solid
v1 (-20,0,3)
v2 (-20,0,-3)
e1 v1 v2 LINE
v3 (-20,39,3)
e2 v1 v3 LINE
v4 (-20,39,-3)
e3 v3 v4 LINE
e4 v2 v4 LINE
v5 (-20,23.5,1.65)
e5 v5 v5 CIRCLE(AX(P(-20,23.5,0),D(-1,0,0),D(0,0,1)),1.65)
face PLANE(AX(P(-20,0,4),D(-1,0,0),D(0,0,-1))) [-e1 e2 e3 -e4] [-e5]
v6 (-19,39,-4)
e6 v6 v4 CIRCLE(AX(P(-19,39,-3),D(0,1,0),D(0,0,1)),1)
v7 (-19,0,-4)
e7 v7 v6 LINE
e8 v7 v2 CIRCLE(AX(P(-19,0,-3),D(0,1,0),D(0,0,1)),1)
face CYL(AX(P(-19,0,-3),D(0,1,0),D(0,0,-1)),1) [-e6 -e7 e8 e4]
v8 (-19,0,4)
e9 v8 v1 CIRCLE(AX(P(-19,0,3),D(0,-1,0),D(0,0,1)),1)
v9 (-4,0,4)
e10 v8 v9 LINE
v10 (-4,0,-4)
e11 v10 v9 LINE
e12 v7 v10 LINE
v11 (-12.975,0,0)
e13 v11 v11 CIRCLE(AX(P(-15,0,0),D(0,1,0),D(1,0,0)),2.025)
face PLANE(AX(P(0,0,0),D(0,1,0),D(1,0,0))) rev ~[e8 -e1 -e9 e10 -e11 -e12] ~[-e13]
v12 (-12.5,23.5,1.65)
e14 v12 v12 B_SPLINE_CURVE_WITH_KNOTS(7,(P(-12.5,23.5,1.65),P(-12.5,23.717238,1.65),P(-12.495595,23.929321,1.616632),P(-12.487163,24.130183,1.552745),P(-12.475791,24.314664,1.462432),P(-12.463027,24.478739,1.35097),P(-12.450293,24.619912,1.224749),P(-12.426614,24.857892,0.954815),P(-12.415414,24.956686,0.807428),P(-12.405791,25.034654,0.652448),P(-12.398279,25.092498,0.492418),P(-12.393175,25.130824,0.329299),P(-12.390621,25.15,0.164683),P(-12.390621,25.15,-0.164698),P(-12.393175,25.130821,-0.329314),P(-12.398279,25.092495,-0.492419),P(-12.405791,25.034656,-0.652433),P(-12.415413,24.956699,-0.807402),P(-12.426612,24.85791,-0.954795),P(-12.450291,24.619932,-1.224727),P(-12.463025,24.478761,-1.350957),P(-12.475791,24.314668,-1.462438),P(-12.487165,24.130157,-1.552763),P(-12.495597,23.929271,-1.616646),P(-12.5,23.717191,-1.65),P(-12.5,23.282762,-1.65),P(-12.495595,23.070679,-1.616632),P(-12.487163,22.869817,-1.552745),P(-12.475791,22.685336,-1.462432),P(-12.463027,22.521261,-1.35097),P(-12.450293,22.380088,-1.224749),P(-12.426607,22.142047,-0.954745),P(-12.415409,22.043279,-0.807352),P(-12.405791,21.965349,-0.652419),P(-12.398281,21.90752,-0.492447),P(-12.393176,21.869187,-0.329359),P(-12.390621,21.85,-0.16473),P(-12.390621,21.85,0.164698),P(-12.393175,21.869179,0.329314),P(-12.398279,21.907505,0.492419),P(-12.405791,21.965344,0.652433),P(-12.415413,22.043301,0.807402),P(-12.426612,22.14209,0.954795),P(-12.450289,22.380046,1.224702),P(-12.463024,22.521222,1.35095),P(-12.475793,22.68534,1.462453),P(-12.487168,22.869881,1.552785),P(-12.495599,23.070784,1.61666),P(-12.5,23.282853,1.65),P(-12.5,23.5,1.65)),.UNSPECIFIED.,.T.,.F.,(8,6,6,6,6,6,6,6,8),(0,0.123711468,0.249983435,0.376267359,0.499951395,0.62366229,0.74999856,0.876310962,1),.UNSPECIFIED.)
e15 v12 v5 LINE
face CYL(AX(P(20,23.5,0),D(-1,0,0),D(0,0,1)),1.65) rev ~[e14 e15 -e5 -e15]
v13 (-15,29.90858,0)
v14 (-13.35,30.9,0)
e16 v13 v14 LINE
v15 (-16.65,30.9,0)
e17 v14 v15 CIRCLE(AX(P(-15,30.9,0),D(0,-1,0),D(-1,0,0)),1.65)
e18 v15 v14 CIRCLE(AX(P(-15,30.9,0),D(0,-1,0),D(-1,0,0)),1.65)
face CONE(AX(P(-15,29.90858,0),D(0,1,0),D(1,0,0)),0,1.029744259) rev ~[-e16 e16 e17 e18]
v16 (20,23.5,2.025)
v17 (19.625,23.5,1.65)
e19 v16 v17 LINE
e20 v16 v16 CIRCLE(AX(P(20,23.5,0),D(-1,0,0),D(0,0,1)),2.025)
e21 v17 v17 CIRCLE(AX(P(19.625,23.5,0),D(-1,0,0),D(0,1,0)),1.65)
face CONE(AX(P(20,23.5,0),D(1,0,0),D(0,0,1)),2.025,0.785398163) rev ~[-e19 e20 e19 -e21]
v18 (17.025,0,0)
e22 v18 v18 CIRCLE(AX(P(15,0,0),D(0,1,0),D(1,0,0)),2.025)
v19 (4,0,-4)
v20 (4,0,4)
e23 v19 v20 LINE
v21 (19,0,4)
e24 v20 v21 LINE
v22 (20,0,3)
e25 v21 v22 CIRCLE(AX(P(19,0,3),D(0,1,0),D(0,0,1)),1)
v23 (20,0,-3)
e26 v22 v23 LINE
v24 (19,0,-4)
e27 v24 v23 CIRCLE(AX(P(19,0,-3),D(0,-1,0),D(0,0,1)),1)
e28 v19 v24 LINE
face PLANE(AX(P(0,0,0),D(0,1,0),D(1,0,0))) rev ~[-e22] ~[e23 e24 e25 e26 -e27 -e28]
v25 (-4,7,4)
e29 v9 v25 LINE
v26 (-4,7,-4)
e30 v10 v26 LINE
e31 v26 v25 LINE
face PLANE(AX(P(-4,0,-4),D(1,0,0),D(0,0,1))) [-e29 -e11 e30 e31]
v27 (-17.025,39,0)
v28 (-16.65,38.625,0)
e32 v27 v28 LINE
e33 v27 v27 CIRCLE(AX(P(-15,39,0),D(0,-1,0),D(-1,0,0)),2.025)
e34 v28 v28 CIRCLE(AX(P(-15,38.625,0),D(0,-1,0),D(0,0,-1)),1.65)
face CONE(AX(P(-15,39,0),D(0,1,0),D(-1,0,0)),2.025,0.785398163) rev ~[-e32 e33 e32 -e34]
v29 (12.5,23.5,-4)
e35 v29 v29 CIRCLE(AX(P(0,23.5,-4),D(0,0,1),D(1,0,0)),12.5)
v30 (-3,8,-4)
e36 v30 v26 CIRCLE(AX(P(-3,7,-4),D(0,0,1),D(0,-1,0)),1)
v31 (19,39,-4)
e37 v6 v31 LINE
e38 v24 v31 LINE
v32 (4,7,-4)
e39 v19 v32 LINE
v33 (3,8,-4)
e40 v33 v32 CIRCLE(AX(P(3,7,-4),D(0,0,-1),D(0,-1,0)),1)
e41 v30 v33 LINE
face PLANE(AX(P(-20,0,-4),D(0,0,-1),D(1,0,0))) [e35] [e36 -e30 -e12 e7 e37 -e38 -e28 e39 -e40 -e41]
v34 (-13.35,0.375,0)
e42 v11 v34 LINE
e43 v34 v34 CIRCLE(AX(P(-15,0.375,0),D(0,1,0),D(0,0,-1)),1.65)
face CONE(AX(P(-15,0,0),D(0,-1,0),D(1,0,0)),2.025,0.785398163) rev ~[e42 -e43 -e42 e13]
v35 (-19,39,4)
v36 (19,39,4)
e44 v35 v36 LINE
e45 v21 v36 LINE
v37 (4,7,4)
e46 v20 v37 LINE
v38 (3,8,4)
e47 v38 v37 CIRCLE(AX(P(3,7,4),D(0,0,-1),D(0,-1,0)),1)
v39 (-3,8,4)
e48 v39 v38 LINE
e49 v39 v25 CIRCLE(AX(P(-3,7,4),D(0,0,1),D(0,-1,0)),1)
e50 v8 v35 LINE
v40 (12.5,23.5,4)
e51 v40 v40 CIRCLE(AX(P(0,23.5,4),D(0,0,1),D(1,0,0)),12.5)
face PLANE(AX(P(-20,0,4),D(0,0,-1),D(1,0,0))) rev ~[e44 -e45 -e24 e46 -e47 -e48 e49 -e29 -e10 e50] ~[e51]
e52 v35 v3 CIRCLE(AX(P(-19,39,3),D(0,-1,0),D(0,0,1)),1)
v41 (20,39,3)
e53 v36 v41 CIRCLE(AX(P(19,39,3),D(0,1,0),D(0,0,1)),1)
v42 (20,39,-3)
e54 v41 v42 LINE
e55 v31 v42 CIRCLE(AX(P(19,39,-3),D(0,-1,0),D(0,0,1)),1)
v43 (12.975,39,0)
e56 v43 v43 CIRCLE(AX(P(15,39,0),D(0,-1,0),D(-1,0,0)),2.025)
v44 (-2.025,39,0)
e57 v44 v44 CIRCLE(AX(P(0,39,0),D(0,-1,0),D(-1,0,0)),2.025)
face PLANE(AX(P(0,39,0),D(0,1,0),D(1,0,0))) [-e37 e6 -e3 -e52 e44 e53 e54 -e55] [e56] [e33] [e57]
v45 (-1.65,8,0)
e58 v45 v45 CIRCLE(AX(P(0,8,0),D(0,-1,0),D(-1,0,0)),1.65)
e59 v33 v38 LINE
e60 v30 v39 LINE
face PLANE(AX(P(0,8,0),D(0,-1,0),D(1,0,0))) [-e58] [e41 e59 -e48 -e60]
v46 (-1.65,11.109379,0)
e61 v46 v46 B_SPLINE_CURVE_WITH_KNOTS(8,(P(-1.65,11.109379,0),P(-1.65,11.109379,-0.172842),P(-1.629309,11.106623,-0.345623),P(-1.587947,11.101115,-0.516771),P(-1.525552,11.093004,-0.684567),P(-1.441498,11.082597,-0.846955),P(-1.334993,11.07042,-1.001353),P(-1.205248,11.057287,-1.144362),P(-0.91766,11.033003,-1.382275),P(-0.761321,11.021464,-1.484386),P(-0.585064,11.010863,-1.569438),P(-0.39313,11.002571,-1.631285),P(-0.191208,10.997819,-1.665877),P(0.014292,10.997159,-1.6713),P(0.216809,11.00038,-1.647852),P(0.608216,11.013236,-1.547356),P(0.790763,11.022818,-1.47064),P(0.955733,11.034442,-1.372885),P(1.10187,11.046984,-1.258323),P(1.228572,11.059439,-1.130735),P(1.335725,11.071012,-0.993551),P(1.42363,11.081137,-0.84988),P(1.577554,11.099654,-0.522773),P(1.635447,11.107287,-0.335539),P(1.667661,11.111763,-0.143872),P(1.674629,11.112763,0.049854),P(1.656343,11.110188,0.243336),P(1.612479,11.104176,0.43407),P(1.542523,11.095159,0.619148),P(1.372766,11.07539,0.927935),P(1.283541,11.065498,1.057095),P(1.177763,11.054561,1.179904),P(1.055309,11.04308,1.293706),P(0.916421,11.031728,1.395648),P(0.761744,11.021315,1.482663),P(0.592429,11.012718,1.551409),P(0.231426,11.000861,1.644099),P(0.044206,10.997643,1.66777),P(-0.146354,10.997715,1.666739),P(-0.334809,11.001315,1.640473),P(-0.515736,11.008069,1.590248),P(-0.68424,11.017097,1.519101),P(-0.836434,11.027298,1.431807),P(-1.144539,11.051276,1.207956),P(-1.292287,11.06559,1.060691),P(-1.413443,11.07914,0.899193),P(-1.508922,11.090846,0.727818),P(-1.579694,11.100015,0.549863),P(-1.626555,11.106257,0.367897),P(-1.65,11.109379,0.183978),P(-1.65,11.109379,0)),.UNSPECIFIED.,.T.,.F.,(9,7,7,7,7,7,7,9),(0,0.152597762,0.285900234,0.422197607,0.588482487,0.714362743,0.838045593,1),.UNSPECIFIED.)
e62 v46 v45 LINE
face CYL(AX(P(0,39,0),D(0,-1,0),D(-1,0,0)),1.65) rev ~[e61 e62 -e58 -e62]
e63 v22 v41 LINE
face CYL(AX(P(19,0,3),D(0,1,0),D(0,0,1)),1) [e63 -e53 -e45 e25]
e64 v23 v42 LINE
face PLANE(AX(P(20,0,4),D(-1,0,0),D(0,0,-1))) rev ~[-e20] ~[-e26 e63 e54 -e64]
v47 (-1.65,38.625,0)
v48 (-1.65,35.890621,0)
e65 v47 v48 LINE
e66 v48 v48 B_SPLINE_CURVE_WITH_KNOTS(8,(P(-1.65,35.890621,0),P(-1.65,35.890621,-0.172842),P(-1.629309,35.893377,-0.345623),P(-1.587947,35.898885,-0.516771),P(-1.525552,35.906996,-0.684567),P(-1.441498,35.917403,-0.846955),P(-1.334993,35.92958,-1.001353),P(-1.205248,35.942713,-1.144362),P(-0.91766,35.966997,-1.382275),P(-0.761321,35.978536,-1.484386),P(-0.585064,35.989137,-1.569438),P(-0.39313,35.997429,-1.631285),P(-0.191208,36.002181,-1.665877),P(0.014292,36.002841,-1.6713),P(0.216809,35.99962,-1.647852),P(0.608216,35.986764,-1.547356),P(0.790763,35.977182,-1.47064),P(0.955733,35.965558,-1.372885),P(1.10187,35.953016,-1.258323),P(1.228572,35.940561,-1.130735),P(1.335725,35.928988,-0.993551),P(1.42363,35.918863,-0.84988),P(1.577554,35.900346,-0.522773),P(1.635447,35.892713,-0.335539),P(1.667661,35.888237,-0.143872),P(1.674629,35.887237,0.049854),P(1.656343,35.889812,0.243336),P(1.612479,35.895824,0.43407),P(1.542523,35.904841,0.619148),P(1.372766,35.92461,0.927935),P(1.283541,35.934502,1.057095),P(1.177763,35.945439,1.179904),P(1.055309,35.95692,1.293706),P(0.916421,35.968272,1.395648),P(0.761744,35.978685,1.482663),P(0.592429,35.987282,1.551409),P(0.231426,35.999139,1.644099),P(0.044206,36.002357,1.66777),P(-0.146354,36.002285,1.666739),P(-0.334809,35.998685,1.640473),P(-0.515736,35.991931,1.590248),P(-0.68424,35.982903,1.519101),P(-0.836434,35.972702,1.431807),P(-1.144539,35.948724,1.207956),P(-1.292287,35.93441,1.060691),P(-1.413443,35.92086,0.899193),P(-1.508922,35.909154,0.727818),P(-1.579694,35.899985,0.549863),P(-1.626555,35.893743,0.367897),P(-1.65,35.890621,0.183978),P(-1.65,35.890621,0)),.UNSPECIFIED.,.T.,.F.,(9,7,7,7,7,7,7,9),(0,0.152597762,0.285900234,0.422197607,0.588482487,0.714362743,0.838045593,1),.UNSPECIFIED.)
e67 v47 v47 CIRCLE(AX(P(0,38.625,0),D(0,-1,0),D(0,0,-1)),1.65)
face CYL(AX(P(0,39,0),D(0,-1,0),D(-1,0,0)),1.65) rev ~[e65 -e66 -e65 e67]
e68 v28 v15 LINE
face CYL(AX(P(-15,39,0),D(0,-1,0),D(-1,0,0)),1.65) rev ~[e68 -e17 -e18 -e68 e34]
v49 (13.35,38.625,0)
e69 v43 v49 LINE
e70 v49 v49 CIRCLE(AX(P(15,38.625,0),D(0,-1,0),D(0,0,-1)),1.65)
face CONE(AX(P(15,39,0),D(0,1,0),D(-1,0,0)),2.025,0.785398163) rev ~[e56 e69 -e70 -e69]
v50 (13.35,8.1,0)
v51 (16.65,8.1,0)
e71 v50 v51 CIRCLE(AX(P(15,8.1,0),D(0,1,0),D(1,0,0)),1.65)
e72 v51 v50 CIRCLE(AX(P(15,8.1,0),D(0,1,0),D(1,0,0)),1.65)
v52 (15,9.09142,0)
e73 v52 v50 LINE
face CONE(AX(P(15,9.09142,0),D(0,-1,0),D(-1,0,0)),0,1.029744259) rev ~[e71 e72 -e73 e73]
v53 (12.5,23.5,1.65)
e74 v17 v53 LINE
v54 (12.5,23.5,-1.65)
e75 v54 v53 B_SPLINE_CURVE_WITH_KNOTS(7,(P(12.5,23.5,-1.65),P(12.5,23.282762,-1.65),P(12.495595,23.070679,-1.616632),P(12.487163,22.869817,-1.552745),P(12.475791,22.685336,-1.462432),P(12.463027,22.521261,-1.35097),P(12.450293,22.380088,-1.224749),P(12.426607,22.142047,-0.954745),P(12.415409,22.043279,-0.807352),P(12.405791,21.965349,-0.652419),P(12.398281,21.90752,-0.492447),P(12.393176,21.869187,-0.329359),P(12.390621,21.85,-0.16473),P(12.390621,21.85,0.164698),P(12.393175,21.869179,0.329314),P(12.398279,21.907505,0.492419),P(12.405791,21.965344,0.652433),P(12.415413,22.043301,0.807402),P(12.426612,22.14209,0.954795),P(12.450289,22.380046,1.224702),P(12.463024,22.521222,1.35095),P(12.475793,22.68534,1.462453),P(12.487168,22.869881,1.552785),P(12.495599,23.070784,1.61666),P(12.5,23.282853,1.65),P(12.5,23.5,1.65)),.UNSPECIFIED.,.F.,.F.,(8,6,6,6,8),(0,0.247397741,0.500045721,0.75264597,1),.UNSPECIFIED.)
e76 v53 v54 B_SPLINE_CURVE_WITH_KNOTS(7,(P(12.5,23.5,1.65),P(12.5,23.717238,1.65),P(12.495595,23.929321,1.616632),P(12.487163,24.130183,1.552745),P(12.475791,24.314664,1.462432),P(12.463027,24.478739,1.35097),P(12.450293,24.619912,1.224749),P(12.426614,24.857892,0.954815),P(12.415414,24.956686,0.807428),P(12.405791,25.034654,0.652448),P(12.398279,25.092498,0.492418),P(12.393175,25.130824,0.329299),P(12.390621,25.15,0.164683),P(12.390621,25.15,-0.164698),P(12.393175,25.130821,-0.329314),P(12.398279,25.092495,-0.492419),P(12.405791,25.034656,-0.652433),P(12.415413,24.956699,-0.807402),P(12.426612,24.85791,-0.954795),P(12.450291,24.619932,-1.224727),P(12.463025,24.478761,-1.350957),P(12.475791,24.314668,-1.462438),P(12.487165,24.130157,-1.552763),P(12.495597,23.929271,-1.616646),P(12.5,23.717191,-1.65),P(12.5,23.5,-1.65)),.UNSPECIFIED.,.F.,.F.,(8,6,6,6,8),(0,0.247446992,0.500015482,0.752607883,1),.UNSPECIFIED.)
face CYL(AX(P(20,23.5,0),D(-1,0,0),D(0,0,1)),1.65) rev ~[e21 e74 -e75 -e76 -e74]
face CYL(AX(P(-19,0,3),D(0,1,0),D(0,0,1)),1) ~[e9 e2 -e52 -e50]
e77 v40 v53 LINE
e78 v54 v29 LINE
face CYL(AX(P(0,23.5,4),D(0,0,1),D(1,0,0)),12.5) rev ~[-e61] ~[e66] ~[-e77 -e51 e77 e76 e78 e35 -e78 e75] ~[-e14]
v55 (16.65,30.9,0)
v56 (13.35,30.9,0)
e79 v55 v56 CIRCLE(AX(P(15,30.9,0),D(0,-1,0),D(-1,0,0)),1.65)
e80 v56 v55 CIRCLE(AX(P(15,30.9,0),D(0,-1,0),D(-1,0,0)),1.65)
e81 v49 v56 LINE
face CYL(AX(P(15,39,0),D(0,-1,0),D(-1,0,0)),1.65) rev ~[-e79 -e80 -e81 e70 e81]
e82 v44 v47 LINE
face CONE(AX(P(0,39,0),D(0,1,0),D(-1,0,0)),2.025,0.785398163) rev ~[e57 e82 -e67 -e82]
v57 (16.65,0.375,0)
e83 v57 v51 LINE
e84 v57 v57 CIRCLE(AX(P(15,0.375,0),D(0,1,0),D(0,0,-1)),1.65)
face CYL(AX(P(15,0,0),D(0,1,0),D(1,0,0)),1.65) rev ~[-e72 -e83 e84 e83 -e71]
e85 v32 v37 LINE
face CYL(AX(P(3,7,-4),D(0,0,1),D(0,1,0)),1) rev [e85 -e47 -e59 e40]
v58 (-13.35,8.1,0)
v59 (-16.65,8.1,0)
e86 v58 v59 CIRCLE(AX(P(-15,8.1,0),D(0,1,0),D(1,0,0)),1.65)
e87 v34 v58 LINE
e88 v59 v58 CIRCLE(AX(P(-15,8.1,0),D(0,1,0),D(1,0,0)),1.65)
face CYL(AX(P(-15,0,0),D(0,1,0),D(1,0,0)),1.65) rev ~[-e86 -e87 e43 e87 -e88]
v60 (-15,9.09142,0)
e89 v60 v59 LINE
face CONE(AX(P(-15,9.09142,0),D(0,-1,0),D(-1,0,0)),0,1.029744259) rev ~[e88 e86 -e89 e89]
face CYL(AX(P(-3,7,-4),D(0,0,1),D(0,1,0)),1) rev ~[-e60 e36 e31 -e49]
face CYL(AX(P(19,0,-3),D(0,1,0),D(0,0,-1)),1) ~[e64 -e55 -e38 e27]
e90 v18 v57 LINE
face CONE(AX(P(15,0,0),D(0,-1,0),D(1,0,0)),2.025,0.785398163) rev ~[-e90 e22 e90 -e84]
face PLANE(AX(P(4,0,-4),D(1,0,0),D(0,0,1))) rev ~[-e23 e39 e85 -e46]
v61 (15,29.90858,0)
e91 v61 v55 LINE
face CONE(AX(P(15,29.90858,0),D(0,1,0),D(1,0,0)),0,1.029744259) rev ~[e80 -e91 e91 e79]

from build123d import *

# Parameters (mm, degrees)
SKETCH_1_W                   = 40
SKETCH_1_H                   = 8
EXTRUDE_1_DEPTH              = 39
HOLE_WIZARD_M4_2_D           = 3.3
HOLE_WIZARD_M4_2_DEPTH       = 8.1
HOLE_WIZARD_M4_2_CSINK_D     = 4.05
HOLE_WIZARD_M4_2_CSINK_ANGLE = 90
HOLE_WIZARD_M4_2_TIP         = 0.991420021
HOLE_WIZARD_M4_4_D           = 3.3
HOLE_WIZARD_M4_4_DEPTH       = 8.1
HOLE_WIZARD_M4_4_CSINK_D     = 4.05
HOLE_WIZARD_M4_4_CSINK_ANGLE = 90
HOLE_WIZARD_M4_4_TIP         = 0.991420021
SKETCH_11_R                  = 12.5
CUT_EXTRUDE_1_DEPTH          = 39
HOLE_WIZARD_M4_5_D           = 3.3
HOLE_WIZARD_M4_5_CSINK_D     = 4.05
HOLE_WIZARD_M4_5_CSINK_ANGLE = 90
SKETCH_14_W                  = 8
SKETCH_14_H                  = 8
CUT_EXTRUDE_2_DEPTH          = 8
HOLE_WIZARD_M4_6_D           = 3.3
HOLE_WIZARD_M4_6_CSINK_D     = 4.05
HOLE_WIZARD_M4_6_CSINK_ANGLE = 90
FILLET_1_R                   = 1
FILLET_2_R                   = 1


with BuildPart() as part:
    # 草图1 → 凸台-拉伸1 (new body)
    with BuildSketch(Plane(origin=(0, 0, 0), x_dir=(1, 0, 0), z_dir=(0, 1, 0))):
        Rectangle(SKETCH_1_W, SKETCH_1_H)
    extrude(amount=EXTRUDE_1_DEPTH)

    # M4 螺纹孔2
    with Locations(Plane(origin=(0, 39, 0), x_dir=(1, 0, 0), z_dir=(0, 1, 0))):
        with Locations((-15, 0), (15, 0)):
            CounterSinkHole(HOLE_WIZARD_M4_2_D / 2, HOLE_WIZARD_M4_2_CSINK_D / 2, depth=HOLE_WIZARD_M4_2_DEPTH, counter_sink_angle=HOLE_WIZARD_M4_2_CSINK_ANGLE)
            with Locations((0, 0, -(HOLE_WIZARD_M4_2_DEPTH + HOLE_WIZARD_M4_2_TIP / 2))):  # 118° drill point
                Cone(0, HOLE_WIZARD_M4_2_D / 2, HOLE_WIZARD_M4_2_TIP, mode=Mode.SUBTRACT)

    # M4 螺纹孔4
    with Locations(Plane(origin=(0, 0, 0), x_dir=(-1, 0, 0), z_dir=(0, -1, 0))):
        with Locations((15, 0), (-15, 0)):
            CounterSinkHole(HOLE_WIZARD_M4_4_D / 2, HOLE_WIZARD_M4_4_CSINK_D / 2, depth=HOLE_WIZARD_M4_4_DEPTH, counter_sink_angle=HOLE_WIZARD_M4_4_CSINK_ANGLE)
            with Locations((0, 0, -(HOLE_WIZARD_M4_4_DEPTH + HOLE_WIZARD_M4_4_TIP / 2))):  # 118° drill point
                Cone(0, HOLE_WIZARD_M4_4_D / 2, HOLE_WIZARD_M4_4_TIP, mode=Mode.SUBTRACT)

    # 草图11 → 切除-拉伸1 (cut)
    with BuildSketch(Plane.XY.offset(4)):
        with Locations((0, 23.5)):
            Circle(SKETCH_11_R)
    extrude(amount=-CUT_EXTRUDE_1_DEPTH, mode=Mode.SUBTRACT)

    # M4 螺纹孔5 (through all)
    with Locations(Plane(origin=(0, 39, 0), x_dir=(1, 0, 0), z_dir=(0, 1, 0))):
        with Locations((0, 0)):
            CounterSinkHole(HOLE_WIZARD_M4_5_D / 2, HOLE_WIZARD_M4_5_CSINK_D / 2, counter_sink_angle=HOLE_WIZARD_M4_5_CSINK_ANGLE)

    # 草图14 → 切除-拉伸2 (cut)
    with BuildSketch(Plane.XZ):
        Rectangle(SKETCH_14_W, SKETCH_14_H)
    extrude(amount=-CUT_EXTRUDE_2_DEPTH, mode=Mode.SUBTRACT)

    # M4 螺纹孔6 (through all)
    with Locations(Plane(origin=(20, 0, 0), x_dir=(0, 0, -1), z_dir=(1, 0, 0))):
        with Locations((0, 23.5)):
            CounterSinkHole(HOLE_WIZARD_M4_6_D / 2, HOLE_WIZARD_M4_6_CSINK_D / 2, counter_sink_angle=HOLE_WIZARD_M4_6_CSINK_ANGLE)

    # 圆角1
    fillet_1_edges = [part.edges().sort_by_distance(p)[0] for p in [
        (4, 8, 0),
        (-4, 8, 0),
    ]]
    fillet(fillet_1_edges, radius=FILLET_1_R)

    # 圆角2
    fillet_2_edges = [part.edges().sort_by_distance(p)[0] for p in [
        (20, 19.5, 4),
        (-20, 19.5, 4),
        (-20, 19.5, -4),
        (20, 19.5, -4),
    ]]
    fillet(fillet_2_edges, radius=FILLET_2_R)


solid = part.part
